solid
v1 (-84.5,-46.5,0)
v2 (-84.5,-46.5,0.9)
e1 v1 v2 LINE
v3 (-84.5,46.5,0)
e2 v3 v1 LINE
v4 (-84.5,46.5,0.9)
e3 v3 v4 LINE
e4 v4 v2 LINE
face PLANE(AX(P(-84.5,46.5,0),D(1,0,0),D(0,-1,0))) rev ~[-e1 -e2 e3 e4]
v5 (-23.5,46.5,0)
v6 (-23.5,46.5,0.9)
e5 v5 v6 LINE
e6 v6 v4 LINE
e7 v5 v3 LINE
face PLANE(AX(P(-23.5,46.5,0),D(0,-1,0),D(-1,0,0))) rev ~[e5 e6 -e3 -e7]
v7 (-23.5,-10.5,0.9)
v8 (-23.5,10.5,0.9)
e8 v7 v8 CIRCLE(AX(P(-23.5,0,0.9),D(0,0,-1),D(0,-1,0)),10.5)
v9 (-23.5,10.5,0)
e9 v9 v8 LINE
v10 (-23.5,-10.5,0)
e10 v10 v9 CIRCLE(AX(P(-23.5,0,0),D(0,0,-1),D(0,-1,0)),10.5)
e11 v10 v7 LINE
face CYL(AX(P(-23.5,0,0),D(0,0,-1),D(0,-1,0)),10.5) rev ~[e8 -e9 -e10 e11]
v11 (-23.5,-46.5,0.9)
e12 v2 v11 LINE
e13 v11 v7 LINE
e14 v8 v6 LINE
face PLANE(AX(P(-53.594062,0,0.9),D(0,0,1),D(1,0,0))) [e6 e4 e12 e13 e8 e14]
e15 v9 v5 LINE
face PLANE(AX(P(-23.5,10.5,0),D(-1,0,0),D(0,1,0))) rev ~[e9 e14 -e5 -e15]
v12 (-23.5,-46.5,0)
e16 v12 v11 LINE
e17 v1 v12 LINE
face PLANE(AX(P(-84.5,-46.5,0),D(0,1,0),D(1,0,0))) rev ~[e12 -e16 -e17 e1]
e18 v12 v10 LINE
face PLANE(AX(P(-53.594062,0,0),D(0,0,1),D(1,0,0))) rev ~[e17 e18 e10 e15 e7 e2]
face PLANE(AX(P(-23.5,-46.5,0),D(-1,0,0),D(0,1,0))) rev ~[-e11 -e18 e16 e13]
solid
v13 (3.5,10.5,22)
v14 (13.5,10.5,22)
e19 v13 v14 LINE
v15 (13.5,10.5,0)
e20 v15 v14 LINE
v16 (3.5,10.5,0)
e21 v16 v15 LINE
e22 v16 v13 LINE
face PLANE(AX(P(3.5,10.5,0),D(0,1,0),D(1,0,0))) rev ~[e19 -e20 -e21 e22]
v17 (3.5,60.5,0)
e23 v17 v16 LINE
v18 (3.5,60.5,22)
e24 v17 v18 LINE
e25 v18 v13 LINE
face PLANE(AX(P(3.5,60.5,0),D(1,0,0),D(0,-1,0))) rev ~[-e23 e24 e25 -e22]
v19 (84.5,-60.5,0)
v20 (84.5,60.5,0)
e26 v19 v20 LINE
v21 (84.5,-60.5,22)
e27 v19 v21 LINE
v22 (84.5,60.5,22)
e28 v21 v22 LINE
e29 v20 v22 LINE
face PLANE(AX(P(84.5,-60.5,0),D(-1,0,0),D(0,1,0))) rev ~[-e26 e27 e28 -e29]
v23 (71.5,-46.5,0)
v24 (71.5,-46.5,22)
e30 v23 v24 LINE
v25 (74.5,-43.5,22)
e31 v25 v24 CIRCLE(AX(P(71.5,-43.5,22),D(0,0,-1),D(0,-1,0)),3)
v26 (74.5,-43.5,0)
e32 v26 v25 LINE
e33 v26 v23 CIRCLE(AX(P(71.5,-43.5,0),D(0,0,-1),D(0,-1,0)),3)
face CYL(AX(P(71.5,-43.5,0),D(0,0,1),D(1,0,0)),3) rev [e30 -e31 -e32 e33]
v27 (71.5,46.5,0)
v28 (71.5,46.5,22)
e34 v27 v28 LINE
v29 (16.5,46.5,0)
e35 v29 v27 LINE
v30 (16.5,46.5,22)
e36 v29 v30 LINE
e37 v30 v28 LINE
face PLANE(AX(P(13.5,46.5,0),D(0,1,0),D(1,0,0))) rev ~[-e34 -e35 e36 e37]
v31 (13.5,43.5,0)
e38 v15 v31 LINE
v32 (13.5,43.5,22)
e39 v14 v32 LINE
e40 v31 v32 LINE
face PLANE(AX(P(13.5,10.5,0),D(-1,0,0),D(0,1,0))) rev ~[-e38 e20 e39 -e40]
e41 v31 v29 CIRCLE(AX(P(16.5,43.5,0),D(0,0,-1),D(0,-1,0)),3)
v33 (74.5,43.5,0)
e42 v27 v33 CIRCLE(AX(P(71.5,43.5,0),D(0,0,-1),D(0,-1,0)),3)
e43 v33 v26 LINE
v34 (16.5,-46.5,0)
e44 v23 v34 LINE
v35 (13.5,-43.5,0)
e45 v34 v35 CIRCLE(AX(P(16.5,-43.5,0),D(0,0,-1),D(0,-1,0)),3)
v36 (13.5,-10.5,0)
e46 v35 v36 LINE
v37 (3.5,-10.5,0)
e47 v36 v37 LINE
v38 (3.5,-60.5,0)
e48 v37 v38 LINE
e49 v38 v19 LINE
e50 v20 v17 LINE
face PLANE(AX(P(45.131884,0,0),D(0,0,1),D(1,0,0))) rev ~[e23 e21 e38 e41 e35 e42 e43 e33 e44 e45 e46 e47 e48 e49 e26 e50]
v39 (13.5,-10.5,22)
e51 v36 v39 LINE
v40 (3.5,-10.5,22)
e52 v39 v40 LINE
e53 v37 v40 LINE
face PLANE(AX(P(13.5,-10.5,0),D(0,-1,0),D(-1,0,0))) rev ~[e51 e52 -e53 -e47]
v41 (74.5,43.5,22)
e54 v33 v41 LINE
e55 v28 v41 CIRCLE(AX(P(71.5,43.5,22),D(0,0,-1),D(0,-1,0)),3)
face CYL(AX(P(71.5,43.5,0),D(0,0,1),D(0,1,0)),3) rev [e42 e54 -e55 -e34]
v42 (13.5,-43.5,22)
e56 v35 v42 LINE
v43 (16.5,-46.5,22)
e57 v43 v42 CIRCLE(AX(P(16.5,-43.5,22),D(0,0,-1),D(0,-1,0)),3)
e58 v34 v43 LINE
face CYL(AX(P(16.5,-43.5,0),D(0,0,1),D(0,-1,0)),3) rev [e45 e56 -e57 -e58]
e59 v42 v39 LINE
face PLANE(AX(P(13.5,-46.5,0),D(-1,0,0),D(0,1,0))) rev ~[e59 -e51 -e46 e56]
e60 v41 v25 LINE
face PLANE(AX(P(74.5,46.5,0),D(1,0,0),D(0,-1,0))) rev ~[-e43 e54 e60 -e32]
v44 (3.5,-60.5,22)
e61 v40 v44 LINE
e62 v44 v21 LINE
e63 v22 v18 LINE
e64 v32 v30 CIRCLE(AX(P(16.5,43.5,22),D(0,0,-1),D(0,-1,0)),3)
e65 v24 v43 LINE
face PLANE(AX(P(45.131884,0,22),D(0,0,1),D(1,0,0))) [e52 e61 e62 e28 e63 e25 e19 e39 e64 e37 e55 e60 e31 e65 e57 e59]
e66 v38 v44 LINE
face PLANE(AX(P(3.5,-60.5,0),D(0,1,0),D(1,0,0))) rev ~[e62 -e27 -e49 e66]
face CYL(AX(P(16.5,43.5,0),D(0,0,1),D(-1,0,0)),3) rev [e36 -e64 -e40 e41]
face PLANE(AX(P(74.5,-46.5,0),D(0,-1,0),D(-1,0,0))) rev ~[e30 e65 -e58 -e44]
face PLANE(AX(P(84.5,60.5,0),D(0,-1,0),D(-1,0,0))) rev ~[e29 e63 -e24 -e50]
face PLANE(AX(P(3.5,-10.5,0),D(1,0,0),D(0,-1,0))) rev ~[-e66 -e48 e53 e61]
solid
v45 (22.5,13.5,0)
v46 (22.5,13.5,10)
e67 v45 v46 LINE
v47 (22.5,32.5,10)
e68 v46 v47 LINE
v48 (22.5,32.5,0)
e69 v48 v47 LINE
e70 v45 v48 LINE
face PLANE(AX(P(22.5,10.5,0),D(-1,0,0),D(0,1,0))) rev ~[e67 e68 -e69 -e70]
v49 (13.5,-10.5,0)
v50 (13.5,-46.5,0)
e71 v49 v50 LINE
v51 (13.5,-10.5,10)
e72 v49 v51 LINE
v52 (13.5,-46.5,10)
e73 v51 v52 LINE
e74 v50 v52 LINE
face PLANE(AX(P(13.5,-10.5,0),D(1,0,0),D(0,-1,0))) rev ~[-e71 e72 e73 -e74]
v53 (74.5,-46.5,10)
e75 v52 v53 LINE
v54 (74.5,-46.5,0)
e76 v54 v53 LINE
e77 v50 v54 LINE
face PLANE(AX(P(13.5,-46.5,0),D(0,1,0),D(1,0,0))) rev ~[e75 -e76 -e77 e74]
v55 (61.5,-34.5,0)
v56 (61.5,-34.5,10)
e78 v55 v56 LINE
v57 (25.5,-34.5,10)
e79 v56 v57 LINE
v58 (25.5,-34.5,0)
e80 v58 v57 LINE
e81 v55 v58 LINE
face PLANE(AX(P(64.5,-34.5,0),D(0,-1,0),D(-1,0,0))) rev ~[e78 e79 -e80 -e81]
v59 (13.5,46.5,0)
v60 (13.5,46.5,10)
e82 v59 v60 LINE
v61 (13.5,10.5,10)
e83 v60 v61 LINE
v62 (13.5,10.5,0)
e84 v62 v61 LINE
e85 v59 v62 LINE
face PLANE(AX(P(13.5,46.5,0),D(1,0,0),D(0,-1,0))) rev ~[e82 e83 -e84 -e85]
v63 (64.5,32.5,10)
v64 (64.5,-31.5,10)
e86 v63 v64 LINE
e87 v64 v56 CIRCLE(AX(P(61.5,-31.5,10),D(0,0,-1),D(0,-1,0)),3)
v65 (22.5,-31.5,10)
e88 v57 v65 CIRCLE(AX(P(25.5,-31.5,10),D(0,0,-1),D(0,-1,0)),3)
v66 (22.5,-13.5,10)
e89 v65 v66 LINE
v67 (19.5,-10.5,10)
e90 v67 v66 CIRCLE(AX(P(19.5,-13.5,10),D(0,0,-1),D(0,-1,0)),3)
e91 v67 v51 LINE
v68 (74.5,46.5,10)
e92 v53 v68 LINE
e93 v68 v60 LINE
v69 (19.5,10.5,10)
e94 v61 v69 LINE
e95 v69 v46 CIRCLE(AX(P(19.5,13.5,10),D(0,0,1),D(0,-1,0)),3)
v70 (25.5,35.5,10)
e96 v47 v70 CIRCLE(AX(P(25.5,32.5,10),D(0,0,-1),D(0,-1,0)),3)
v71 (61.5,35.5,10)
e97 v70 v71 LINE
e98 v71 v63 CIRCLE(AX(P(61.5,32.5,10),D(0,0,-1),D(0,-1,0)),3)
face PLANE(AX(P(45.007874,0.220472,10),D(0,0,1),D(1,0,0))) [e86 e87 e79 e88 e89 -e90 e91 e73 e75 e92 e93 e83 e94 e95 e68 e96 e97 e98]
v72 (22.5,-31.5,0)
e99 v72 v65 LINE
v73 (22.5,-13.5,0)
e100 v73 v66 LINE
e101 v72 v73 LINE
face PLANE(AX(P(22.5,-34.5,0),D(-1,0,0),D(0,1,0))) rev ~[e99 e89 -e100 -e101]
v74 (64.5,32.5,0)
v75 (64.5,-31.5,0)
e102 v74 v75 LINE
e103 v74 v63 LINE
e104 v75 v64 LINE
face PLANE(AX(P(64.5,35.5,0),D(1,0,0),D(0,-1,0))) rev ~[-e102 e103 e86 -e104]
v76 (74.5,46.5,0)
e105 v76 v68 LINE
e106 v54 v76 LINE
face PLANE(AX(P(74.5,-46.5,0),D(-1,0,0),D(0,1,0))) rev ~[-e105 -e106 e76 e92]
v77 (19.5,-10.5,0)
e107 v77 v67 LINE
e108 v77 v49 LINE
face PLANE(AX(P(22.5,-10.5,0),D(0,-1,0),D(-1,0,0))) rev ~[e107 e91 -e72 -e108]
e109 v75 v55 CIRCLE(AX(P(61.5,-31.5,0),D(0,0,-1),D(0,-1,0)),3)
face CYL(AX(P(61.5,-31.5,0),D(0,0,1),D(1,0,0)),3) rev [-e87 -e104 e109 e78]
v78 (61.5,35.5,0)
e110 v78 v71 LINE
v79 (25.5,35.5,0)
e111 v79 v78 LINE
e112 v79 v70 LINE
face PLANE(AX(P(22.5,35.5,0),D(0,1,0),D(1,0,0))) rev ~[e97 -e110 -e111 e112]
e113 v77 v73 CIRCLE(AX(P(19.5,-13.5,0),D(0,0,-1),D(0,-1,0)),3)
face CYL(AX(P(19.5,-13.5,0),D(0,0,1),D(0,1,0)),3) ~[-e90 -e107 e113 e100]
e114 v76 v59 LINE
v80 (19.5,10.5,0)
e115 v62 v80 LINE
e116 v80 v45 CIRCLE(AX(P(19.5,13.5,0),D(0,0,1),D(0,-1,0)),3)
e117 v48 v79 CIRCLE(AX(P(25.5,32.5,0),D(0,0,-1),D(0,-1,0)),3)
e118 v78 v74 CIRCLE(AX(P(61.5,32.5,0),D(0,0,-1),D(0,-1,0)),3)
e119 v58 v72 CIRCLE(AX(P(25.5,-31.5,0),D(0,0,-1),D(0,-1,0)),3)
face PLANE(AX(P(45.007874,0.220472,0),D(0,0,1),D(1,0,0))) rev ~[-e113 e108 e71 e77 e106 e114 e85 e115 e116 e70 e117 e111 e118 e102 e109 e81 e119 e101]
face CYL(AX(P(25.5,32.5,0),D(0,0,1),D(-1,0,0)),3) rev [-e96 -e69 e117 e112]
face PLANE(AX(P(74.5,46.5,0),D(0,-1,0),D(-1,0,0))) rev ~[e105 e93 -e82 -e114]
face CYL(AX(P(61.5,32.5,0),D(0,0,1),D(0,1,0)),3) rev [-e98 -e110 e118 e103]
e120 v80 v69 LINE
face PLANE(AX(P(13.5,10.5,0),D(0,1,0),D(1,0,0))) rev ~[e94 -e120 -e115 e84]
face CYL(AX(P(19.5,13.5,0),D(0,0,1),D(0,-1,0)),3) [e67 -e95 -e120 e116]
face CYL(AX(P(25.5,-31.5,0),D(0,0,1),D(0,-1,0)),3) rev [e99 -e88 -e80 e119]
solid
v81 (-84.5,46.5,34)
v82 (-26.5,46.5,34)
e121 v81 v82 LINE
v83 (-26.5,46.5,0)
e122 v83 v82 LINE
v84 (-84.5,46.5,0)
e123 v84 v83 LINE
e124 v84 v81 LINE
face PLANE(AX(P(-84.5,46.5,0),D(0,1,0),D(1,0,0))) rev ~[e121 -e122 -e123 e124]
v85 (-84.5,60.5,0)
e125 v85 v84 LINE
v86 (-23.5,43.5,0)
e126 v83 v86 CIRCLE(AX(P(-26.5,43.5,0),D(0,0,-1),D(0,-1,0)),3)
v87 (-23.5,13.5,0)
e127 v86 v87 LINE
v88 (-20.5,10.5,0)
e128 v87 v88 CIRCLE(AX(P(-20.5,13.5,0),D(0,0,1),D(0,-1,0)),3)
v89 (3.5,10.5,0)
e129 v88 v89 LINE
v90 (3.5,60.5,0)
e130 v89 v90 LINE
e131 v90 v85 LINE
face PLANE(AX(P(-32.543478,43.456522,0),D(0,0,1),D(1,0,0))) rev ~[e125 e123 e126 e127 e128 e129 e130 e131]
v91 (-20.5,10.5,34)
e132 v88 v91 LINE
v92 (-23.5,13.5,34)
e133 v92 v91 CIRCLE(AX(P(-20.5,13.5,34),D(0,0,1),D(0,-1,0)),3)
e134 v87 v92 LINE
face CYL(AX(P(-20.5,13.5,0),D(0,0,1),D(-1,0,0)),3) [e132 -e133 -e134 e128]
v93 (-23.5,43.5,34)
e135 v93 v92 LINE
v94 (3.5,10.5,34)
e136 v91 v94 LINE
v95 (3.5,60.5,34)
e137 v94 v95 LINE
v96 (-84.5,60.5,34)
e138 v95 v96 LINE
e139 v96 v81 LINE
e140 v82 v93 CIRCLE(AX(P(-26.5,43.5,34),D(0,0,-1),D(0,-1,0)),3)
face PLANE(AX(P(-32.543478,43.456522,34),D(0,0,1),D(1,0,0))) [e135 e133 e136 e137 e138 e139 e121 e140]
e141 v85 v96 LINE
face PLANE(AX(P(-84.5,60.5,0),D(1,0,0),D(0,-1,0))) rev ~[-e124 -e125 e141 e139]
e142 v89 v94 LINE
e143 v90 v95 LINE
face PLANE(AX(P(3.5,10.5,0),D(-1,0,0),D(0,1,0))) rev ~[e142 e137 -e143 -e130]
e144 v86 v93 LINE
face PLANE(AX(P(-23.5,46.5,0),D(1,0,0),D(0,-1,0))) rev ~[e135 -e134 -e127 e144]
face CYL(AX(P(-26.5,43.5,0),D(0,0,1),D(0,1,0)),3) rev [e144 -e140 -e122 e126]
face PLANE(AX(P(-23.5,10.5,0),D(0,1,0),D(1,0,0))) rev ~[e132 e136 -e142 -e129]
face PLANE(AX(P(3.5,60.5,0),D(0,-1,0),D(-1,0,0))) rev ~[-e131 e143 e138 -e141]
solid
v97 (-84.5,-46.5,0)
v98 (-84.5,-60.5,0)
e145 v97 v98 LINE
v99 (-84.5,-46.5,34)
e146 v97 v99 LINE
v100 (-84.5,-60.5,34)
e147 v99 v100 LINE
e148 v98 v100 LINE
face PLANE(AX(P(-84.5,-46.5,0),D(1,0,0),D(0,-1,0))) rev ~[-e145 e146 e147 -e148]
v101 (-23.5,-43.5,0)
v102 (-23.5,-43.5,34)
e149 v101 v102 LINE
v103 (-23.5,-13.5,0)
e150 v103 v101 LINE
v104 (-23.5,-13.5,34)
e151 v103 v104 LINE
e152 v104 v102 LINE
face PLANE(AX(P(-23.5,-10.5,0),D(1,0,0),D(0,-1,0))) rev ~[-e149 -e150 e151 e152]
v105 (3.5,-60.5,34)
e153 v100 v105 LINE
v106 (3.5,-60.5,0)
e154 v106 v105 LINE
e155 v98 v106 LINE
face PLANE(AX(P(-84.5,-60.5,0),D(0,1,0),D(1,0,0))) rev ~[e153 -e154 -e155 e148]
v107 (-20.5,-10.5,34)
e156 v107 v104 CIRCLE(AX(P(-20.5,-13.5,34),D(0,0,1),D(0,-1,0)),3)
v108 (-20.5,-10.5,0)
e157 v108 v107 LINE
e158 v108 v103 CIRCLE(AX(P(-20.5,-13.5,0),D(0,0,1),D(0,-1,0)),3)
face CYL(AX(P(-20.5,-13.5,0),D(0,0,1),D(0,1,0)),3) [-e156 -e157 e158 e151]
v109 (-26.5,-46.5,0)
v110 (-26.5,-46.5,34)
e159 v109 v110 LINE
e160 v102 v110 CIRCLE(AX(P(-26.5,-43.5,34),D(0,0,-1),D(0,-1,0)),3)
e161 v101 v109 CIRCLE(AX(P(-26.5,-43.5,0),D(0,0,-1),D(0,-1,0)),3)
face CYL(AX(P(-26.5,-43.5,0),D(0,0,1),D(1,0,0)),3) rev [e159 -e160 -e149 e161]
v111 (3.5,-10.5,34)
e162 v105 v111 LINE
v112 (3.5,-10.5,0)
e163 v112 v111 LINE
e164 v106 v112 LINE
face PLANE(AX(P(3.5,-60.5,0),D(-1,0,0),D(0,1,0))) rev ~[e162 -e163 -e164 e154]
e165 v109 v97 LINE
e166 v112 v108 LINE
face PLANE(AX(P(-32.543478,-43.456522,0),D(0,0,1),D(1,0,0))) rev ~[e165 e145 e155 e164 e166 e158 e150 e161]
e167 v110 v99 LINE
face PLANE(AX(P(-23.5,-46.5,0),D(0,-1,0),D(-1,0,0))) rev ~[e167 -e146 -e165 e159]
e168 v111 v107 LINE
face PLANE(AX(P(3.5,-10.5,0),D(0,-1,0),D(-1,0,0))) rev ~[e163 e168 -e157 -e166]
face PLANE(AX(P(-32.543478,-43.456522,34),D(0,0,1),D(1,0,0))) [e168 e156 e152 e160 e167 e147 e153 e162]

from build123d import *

# Parameters (mm, degrees)
F1_DEPTH = 34
F2_DEPTH = 0.9
F3_DEPTH = 10
F4_DEPTH = 22
F5_R     = 3
F5_2_R   = 3
F5_3_R   = 3
F5_4_R   = 3


with BuildPart() as f1:
    # F0 (on Top) → F1 (new body)
    with BuildSketch(Plane.XY):
        Polygon((3.5, 10.5), (3.5, 60.5), (-84.5, 60.5), (-84.5, 46.5), (-23.5, 46.5), (-23.5, 10.5), align=None)
    extrude(amount=F1_DEPTH)

    # F5
    f5_edges = [f1.edges().sort_by_distance(p)[0] for p in [
        (-23.5, 46.5, 17),
        (-23.5, 10.5, 17),
    ]]
    fillet(f5_edges, radius=F5_R)


with BuildPart() as f1b:
    # F0 (on Top) → F1, piece 2 (new body)
    with BuildSketch(Plane.XY):
        Polygon((-84.5, -60.5), (3.5, -60.5), (3.5, -10.5), (-23.5, -10.5), (-23.5, -46.5), (-84.5, -46.5), align=None)
    extrude(amount=F1_DEPTH)

    # F5#2
    f5_2_edges = [f1b.edges().sort_by_distance(p)[0] for p in [
        (-23.5, -46.5, 17),
        (-23.5, -10.5, 17),
    ]]
    fillet(f5_2_edges, radius=F5_2_R)


with BuildPart() as f2:
    # F0 (on Top) → F2 (new body)
    with BuildSketch(Plane.XY):
        with BuildLine():
            Line((-84.5, 46.5), (-84.5, -46.5))
            Line((-84.5, -46.5), (-23.5, -46.5))
            Line((-23.5, -46.5), (-23.5, -10.5))
            ThreePointArc((-23.5, -10.5), (-34, 0), (-23.5, 10.5))
            Line((-23.5, 10.5), (-23.5, 46.5))
            Line((-23.5, 46.5), (-84.5, 46.5))
        make_face()
    extrude(amount=F2_DEPTH)


with BuildPart() as f3:
    # F0 (on Top) → F3 (new body)
    with BuildSketch(Plane.XY):
        Polygon((22.5, -10.5), (13.5, -10.5), (13.5, -46.5), (74.5, -46.5), (74.5, 46.5), (13.5, 46.5), (13.5, 10.5), (22.5, 10.5), (22.5, 35.5), (64.5, 35.5), (64.5, -34.5), (22.5, -34.5), align=None)
    extrude(amount=F3_DEPTH)

    # F5#3
    f5_3_edges = [f3.edges().sort_by_distance(p)[0] for p in [
        (22.5, 35.5, 5),
        (64.5, 35.5, 5),
        (22.5, -34.5, 5),
        (64.5, -34.5, 5),
        (22.5, 10.5, 5),
        (22.5, -10.5, 5),
    ]]
    fillet(f5_3_edges, radius=F5_3_R)


with BuildPart() as f4:
    # F0 (on Top) → F4 (new body)
    with BuildSketch(Plane.XY):
        Polygon((3.5, -60.5), (84.5, -60.5), (84.5, 60.5), (3.5, 60.5), (3.5, 10.5), (13.5, 10.5), (13.5, 46.5), (74.5, 46.5), (74.5, -46.5), (13.5, -46.5), (13.5, -10.5), (3.5, -10.5), align=None)
    extrude(amount=F4_DEPTH)

    # F5#4
    f5_4_edges = [f4.edges().sort_by_distance(p)[0] for p in [
        (13.5, 46.5, 11),
        (74.5, 46.5, 11),
        (13.5, -46.5, 11),
        (74.5, -46.5, 11),
    ]]
    fillet(f5_4_edges, radius=F5_4_R)


solid = Compound([f1.part, f1b.part, f2.part, f3.part, f4.part])
